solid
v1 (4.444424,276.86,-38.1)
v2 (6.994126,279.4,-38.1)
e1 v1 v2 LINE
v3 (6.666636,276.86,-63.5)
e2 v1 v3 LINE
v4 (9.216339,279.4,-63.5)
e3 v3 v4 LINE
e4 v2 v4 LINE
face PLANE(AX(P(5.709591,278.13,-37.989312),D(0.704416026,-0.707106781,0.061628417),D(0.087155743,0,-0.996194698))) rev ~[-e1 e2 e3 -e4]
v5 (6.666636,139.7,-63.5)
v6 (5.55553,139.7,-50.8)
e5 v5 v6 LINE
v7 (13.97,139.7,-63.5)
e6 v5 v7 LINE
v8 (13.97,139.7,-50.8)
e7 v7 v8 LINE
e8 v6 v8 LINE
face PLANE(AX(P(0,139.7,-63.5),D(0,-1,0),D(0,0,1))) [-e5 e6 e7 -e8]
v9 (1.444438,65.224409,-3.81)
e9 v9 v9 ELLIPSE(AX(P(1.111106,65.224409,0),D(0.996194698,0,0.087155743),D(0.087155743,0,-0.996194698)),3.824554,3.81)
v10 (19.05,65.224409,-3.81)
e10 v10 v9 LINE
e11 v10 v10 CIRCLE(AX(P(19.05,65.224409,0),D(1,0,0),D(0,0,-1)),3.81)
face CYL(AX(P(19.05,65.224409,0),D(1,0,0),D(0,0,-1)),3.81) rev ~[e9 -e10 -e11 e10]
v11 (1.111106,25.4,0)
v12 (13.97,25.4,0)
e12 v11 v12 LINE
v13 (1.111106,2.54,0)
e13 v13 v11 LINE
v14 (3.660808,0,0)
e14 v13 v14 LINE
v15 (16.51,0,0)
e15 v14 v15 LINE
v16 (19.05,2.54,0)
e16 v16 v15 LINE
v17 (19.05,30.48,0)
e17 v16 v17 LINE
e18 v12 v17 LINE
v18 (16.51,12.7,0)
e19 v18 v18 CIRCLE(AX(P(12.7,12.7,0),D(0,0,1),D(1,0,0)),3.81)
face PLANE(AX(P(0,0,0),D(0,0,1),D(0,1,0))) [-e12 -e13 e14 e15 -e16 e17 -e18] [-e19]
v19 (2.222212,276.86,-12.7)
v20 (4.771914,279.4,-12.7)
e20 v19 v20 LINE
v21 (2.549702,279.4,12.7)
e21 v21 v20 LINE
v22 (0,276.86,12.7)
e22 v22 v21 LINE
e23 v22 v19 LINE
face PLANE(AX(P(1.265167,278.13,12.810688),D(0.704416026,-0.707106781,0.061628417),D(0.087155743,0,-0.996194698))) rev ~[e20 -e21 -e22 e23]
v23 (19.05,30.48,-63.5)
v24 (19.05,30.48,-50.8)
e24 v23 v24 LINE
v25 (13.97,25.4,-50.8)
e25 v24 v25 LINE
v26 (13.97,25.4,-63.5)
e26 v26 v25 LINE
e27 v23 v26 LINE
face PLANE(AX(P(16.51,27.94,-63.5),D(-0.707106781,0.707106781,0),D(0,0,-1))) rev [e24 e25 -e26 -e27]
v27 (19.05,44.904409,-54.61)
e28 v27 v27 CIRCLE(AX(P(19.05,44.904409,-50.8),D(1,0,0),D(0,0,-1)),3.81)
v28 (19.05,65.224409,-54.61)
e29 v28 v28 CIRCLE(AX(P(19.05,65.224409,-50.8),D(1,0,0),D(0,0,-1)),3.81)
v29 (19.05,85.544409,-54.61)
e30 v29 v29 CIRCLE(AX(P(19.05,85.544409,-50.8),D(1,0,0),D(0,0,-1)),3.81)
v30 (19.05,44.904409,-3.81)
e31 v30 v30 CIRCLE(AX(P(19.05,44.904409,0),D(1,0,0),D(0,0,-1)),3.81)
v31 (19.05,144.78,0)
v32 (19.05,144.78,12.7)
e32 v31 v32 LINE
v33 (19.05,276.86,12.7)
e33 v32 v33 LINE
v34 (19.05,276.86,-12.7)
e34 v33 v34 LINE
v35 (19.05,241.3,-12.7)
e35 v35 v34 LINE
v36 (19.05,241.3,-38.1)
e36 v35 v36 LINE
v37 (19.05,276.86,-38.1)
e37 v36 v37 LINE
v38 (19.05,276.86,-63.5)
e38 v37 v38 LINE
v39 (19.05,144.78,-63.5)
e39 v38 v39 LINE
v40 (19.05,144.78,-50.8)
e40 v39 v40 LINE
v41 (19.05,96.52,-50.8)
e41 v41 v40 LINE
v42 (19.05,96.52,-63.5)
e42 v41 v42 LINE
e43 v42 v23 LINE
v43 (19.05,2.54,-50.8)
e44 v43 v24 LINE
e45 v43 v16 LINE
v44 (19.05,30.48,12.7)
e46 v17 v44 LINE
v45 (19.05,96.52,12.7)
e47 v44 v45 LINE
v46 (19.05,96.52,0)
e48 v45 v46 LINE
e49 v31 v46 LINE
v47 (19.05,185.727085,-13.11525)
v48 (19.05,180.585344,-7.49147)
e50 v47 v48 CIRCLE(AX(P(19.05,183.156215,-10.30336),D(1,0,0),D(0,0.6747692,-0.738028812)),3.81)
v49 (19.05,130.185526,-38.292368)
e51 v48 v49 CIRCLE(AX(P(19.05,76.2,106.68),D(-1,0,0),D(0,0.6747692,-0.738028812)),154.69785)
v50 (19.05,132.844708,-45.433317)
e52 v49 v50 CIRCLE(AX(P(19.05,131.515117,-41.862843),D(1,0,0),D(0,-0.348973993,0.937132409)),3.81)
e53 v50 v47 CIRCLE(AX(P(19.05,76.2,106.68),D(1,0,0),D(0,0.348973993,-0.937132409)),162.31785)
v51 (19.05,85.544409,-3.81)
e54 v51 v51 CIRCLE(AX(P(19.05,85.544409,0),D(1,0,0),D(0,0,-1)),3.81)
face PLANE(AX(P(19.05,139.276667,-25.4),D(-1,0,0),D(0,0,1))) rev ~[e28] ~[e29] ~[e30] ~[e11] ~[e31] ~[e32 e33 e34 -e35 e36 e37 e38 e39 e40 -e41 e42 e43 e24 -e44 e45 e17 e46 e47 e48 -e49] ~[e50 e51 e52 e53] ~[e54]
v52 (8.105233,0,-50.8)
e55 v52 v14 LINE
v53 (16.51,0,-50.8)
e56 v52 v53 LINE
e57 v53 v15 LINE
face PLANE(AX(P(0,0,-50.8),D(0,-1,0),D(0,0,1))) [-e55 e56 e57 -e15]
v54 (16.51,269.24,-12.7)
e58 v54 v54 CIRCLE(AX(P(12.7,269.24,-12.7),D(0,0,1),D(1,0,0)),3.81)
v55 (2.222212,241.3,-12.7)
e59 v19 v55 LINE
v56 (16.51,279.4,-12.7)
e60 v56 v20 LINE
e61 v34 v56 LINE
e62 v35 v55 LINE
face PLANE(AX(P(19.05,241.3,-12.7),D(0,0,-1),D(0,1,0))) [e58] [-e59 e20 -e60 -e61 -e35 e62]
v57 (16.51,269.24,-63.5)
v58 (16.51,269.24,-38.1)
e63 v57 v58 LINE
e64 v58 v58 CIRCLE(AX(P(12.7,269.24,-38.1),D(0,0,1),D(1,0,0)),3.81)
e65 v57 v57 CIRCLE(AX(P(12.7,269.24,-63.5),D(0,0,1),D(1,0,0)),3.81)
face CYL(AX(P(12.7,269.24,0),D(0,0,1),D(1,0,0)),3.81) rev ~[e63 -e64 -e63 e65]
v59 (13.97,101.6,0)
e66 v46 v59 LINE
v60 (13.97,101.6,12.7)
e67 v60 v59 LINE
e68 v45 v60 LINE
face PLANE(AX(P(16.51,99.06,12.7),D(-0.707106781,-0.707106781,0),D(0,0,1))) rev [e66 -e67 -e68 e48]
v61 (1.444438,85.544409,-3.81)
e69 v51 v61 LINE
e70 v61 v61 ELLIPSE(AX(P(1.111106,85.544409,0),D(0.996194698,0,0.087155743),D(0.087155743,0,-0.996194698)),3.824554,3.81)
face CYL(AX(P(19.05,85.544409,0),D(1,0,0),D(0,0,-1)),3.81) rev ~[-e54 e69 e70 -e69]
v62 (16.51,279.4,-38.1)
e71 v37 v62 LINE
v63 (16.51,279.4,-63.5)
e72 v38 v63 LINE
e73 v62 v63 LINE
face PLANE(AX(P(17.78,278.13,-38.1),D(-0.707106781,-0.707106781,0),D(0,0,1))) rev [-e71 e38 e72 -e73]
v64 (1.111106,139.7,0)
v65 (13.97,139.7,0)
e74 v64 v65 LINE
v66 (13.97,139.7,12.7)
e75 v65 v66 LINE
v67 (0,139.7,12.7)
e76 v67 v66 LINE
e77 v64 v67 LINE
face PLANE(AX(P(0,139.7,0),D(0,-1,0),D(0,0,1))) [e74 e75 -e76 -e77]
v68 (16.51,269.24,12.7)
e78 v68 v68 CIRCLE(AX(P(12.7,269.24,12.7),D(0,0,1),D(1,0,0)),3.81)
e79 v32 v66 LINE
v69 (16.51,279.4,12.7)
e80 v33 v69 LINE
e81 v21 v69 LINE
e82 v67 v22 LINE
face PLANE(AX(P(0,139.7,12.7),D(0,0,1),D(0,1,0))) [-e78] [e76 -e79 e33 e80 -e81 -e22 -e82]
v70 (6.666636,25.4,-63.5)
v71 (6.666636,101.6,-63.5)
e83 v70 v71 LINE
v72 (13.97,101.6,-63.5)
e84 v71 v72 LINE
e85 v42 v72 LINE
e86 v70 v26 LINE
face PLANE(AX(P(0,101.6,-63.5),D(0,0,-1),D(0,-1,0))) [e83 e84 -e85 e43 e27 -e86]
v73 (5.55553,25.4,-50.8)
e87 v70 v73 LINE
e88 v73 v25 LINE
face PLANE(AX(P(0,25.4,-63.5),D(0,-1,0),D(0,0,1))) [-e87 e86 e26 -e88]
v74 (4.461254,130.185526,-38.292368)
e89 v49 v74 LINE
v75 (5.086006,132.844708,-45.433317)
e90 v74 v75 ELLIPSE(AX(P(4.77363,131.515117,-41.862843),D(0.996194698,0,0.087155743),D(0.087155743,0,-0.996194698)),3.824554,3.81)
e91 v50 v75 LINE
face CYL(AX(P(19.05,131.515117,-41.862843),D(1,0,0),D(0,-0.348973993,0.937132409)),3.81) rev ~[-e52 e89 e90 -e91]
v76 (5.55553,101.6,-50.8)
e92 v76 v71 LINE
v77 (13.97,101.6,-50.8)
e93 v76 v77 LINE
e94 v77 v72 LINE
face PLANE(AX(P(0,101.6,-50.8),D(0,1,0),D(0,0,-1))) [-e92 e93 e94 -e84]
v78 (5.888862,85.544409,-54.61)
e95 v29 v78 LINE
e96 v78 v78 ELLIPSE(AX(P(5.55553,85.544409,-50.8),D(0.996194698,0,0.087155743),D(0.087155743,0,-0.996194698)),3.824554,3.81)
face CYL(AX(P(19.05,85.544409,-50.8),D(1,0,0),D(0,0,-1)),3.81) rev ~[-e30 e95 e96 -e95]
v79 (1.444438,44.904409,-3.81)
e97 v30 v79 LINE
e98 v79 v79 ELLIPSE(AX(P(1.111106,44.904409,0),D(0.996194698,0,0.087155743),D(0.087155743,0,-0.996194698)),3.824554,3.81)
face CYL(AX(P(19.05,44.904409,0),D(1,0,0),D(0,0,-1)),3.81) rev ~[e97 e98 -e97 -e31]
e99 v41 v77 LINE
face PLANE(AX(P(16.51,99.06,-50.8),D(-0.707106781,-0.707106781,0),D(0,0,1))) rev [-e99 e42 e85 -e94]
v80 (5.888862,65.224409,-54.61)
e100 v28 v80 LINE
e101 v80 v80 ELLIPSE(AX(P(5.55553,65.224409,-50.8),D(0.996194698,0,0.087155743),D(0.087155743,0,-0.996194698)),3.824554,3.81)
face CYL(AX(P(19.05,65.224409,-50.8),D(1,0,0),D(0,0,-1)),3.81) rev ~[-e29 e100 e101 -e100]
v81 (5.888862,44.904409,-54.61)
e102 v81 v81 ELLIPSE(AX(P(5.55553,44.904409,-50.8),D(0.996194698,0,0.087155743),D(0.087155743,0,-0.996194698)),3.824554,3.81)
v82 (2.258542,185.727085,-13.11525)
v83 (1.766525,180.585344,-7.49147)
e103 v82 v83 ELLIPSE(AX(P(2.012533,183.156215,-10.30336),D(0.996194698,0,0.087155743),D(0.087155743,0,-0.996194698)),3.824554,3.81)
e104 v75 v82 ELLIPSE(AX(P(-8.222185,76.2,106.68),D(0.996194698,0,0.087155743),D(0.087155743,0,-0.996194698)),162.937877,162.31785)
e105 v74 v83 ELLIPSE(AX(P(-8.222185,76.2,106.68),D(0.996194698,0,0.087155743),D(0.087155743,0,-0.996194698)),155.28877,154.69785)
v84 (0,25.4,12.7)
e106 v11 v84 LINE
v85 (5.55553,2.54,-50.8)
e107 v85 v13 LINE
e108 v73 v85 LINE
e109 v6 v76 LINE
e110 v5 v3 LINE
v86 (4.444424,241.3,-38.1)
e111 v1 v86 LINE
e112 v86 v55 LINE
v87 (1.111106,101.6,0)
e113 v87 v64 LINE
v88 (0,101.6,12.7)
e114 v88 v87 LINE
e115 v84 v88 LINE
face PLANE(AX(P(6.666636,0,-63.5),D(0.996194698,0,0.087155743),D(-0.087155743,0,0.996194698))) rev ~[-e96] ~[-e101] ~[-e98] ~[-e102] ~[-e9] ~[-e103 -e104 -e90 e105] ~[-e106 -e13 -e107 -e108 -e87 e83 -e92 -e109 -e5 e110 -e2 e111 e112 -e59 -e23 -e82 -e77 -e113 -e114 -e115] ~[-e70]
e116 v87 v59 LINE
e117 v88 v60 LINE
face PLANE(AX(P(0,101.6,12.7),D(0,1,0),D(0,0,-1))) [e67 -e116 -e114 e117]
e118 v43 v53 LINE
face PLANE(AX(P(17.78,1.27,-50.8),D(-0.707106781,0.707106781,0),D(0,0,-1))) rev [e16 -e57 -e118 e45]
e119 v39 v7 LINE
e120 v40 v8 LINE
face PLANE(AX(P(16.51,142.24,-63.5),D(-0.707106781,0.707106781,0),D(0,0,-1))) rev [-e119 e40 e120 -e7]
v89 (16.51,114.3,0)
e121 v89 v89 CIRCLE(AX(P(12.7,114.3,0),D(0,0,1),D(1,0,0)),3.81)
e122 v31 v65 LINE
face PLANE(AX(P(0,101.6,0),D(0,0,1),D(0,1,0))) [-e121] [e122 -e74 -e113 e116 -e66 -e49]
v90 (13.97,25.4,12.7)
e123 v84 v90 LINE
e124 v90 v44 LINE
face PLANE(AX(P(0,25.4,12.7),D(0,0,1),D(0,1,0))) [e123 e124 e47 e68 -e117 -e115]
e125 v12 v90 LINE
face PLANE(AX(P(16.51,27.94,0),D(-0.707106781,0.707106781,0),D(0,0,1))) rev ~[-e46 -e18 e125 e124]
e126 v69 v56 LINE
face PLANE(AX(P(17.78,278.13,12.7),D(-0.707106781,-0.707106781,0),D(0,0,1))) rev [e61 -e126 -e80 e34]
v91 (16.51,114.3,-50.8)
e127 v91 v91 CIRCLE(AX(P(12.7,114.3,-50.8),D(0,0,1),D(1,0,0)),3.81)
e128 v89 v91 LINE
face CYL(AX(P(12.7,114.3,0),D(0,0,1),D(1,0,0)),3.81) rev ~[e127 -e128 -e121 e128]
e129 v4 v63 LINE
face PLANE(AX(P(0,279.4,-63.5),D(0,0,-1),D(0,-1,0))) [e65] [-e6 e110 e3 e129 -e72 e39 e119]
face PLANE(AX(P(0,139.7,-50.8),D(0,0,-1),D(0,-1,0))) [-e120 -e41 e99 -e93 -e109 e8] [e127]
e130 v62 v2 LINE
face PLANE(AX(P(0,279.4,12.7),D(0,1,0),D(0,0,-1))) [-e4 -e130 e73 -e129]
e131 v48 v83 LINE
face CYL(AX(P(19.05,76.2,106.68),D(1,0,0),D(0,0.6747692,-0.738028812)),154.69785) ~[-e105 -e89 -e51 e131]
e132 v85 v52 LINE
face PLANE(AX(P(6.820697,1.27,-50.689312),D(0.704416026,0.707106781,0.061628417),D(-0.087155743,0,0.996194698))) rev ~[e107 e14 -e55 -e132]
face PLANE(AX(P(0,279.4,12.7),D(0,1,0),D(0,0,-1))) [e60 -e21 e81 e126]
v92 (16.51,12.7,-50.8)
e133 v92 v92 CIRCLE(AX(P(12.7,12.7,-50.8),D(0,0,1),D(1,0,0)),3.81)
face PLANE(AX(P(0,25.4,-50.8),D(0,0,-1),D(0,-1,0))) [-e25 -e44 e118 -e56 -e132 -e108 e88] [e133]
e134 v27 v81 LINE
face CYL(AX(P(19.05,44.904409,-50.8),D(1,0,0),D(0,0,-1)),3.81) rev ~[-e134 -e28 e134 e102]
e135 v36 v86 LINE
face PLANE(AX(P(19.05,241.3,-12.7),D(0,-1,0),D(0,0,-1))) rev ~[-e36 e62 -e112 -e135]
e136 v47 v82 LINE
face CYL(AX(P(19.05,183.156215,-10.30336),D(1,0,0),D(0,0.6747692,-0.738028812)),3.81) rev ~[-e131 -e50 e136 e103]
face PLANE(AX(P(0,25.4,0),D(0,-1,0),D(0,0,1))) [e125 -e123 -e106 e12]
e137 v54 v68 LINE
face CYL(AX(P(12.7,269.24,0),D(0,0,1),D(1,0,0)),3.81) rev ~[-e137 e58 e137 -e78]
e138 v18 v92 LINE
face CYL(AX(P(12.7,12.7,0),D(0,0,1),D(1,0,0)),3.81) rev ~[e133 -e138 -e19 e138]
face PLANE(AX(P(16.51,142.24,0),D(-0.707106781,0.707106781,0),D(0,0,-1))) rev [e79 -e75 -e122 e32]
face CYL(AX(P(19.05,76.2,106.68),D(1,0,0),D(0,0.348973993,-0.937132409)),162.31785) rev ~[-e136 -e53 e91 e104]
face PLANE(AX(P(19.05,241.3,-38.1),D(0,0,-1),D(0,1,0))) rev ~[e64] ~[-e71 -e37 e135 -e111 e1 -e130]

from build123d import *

# Parameters (mm, degrees)
BOSS_EXTRUDE1_DEPTH = 19.05
SKETCH2_R           = 3.81
CUT_EXTRUDE1_DEPTH  = 64.5
SKETCH3_R           = 3.81
CUT_EXTRUDE2_DEPTH  = 64.5
CUT_EXTRUDE3_DEPTH  = 20.05
SKETCH6_R           = 3.81
CUT_EXTRUDE4_DEPTH  = 20.05
LPATTERN1_COUNT     = 3
LPATTERN1_PITCH     = 20.32
SKETCH7_W           = 25.4
SKETCH7_H           = 38.1
CUT_EXTRUDE5_DEPTH  = 20.05
CUT_EXTRUDE6_DEPTH  = 280.4
SKETCH9_R           = 3.81
CUT_EXTRUDE7_DEPTH  = 76.2
CHAMFER1_SIZE       = 2.54
CHAMFER2_SIZE       = 5.08


with BuildPart() as part:
    # Sketch1 → Boss-Extrude1 (new body)
    with BuildSketch(Plane(origin=(0, 0, 0), x_dir=(0, 0, -1), z_dir=(1, 0, 0))):
        Polygon((0, 0), (0, 25.4), (-12.7, 25.4), (-12.7, 101.6), (0, 101.6), (0, 139.7), (-12.7, 139.7), (-12.7, 279.4), (63.5, 279.4), (63.5, 139.7), (50.8, 139.7), (50.8, 101.6), (63.5, 101.6), (63.5, 25.4), (50.8, 25.4), (50.8, 0), align=None)
    extrude(amount=BOSS_EXTRUDE1_DEPTH)

    # Sketch2 → Cut-Extrude1 (cut, through all)
    with BuildSketch(Plane.XY):
        with Locations((12.7, 114.3)):
            Circle(SKETCH2_R)
    extrude(amount=-CUT_EXTRUDE1_DEPTH, mode=Mode.SUBTRACT)

    # Sketch3 → Cut-Extrude2 (cut, through all)
    with BuildSketch(Plane.XY):
        with Locations((12.7, 12.7)):
            Circle(SKETCH3_R)
    extrude(amount=-CUT_EXTRUDE2_DEPTH, mode=Mode.SUBTRACT)

    # Sketch4 → Cut-Extrude3 (cut, through all)
    with BuildSketch(Plane(origin=(19.05, 0, 0), x_dir=(0, 0, -1), z_dir=(1, 0, 0))):
        with BuildLine():
            ThreePointArc((45.433317408, 132.844708156), (31.8216378, 160.842664311), (13.115249698, 185.727085439))
            ThreePointArc((13.115249698, 185.727085439), (7.732489274, 185.968104562), (7.491470151, 180.585344138))
            ThreePointArc((7.491470151, 180.585344138), (25.319688182, 156.869120406), (38.292368451, 130.185526327))
            ThreePointArc((38.292368451, 130.185526327), (43.192433844, 127.944642763), (45.433317408, 132.844708156))
        make_face()
    extrude(amount=-CUT_EXTRUDE3_DEPTH, mode=Mode.SUBTRACT)

    # Sketch6 → Cut-Extrude4 (cut, through all)
    with BuildSketch(Plane(origin=(19.05, 0, 0), x_dir=(0, 0, -1), z_dir=(1, 0, 0))):
        with Locations((0, 44.904409269)):
            Circle(SKETCH6_R)
        with Locations((50.8, 44.904409269)):
            Circle(SKETCH6_R)
    cut_extrude4 = extrude(amount=-CUT_EXTRUDE4_DEPTH, mode=Mode.SUBTRACT)

    # LPattern1: Cut-Extrude4 ×3
    with Locations(*[(0, i * LPATTERN1_PITCH, 0) for i in range(1, LPATTERN1_COUNT)]):
        add(cut_extrude4, mode=Mode.SUBTRACT)

    # Sketch7 → Cut-Extrude5 (cut, through all)
    with BuildSketch(Plane(origin=(19.05, 0, 0), x_dir=(0, 0, -1), z_dir=(1, 0, 0))):
        with Locations((25.4, 260.35)):
            Rectangle(SKETCH7_W, SKETCH7_H)
    extrude(amount=-CUT_EXTRUDE5_DEPTH, mode=Mode.SUBTRACT)

    # Sketch8 → Cut-Extrude6 (cut, through all)
    with BuildSketch(Plane(origin=(0, 0, 0), x_dir=(1, 0, 0), z_dir=(0, 1, 0))):
        Polygon((0, 63.5), (6.666636161, 63.5), (0, -12.7), align=None)
    extrude(amount=CUT_EXTRUDE6_DEPTH, mode=Mode.SUBTRACT)

    # Sketch9 → Cut-Extrude7 (cut, symmetric)
    with BuildSketch(Plane.XY):
        with Locations((12.7, 269.24)):
            Circle(SKETCH9_R)
    extrude(amount=CUT_EXTRUDE7_DEPTH, both=True, mode=Mode.SUBTRACT)

    # Chamfer1
    chamfer1_edges = [part.edges().sort_by_distance(p)[0] for p in [
        (1.111106027, 279.4, 0),
        (5.555530134, 279.4, -50.8),
        (3.33331808, 0, -25.4),
        (19.05, 279.4, -50.8),
        (19.05, 0, -25.4),
        (19.05, 279.4, 0),
    ]]
    chamfer(chamfer1_edges, length=CHAMFER1_SIZE)

    # Chamfer2
    chamfer2_edges = [part.edges().sort_by_distance(p)[0] for p in [
        (19.05, 25.4, -57.15),
        (19.05, 101.6, -57.15),
        (19.05, 139.7, -57.15),
        (19.05, 139.7, 6.35),
        (19.05, 101.6, 6.35),
        (19.05, 25.4, 6.35),
    ]]
    chamfer(chamfer2_edges, length=CHAMFER2_SIZE)


solid = part.part
